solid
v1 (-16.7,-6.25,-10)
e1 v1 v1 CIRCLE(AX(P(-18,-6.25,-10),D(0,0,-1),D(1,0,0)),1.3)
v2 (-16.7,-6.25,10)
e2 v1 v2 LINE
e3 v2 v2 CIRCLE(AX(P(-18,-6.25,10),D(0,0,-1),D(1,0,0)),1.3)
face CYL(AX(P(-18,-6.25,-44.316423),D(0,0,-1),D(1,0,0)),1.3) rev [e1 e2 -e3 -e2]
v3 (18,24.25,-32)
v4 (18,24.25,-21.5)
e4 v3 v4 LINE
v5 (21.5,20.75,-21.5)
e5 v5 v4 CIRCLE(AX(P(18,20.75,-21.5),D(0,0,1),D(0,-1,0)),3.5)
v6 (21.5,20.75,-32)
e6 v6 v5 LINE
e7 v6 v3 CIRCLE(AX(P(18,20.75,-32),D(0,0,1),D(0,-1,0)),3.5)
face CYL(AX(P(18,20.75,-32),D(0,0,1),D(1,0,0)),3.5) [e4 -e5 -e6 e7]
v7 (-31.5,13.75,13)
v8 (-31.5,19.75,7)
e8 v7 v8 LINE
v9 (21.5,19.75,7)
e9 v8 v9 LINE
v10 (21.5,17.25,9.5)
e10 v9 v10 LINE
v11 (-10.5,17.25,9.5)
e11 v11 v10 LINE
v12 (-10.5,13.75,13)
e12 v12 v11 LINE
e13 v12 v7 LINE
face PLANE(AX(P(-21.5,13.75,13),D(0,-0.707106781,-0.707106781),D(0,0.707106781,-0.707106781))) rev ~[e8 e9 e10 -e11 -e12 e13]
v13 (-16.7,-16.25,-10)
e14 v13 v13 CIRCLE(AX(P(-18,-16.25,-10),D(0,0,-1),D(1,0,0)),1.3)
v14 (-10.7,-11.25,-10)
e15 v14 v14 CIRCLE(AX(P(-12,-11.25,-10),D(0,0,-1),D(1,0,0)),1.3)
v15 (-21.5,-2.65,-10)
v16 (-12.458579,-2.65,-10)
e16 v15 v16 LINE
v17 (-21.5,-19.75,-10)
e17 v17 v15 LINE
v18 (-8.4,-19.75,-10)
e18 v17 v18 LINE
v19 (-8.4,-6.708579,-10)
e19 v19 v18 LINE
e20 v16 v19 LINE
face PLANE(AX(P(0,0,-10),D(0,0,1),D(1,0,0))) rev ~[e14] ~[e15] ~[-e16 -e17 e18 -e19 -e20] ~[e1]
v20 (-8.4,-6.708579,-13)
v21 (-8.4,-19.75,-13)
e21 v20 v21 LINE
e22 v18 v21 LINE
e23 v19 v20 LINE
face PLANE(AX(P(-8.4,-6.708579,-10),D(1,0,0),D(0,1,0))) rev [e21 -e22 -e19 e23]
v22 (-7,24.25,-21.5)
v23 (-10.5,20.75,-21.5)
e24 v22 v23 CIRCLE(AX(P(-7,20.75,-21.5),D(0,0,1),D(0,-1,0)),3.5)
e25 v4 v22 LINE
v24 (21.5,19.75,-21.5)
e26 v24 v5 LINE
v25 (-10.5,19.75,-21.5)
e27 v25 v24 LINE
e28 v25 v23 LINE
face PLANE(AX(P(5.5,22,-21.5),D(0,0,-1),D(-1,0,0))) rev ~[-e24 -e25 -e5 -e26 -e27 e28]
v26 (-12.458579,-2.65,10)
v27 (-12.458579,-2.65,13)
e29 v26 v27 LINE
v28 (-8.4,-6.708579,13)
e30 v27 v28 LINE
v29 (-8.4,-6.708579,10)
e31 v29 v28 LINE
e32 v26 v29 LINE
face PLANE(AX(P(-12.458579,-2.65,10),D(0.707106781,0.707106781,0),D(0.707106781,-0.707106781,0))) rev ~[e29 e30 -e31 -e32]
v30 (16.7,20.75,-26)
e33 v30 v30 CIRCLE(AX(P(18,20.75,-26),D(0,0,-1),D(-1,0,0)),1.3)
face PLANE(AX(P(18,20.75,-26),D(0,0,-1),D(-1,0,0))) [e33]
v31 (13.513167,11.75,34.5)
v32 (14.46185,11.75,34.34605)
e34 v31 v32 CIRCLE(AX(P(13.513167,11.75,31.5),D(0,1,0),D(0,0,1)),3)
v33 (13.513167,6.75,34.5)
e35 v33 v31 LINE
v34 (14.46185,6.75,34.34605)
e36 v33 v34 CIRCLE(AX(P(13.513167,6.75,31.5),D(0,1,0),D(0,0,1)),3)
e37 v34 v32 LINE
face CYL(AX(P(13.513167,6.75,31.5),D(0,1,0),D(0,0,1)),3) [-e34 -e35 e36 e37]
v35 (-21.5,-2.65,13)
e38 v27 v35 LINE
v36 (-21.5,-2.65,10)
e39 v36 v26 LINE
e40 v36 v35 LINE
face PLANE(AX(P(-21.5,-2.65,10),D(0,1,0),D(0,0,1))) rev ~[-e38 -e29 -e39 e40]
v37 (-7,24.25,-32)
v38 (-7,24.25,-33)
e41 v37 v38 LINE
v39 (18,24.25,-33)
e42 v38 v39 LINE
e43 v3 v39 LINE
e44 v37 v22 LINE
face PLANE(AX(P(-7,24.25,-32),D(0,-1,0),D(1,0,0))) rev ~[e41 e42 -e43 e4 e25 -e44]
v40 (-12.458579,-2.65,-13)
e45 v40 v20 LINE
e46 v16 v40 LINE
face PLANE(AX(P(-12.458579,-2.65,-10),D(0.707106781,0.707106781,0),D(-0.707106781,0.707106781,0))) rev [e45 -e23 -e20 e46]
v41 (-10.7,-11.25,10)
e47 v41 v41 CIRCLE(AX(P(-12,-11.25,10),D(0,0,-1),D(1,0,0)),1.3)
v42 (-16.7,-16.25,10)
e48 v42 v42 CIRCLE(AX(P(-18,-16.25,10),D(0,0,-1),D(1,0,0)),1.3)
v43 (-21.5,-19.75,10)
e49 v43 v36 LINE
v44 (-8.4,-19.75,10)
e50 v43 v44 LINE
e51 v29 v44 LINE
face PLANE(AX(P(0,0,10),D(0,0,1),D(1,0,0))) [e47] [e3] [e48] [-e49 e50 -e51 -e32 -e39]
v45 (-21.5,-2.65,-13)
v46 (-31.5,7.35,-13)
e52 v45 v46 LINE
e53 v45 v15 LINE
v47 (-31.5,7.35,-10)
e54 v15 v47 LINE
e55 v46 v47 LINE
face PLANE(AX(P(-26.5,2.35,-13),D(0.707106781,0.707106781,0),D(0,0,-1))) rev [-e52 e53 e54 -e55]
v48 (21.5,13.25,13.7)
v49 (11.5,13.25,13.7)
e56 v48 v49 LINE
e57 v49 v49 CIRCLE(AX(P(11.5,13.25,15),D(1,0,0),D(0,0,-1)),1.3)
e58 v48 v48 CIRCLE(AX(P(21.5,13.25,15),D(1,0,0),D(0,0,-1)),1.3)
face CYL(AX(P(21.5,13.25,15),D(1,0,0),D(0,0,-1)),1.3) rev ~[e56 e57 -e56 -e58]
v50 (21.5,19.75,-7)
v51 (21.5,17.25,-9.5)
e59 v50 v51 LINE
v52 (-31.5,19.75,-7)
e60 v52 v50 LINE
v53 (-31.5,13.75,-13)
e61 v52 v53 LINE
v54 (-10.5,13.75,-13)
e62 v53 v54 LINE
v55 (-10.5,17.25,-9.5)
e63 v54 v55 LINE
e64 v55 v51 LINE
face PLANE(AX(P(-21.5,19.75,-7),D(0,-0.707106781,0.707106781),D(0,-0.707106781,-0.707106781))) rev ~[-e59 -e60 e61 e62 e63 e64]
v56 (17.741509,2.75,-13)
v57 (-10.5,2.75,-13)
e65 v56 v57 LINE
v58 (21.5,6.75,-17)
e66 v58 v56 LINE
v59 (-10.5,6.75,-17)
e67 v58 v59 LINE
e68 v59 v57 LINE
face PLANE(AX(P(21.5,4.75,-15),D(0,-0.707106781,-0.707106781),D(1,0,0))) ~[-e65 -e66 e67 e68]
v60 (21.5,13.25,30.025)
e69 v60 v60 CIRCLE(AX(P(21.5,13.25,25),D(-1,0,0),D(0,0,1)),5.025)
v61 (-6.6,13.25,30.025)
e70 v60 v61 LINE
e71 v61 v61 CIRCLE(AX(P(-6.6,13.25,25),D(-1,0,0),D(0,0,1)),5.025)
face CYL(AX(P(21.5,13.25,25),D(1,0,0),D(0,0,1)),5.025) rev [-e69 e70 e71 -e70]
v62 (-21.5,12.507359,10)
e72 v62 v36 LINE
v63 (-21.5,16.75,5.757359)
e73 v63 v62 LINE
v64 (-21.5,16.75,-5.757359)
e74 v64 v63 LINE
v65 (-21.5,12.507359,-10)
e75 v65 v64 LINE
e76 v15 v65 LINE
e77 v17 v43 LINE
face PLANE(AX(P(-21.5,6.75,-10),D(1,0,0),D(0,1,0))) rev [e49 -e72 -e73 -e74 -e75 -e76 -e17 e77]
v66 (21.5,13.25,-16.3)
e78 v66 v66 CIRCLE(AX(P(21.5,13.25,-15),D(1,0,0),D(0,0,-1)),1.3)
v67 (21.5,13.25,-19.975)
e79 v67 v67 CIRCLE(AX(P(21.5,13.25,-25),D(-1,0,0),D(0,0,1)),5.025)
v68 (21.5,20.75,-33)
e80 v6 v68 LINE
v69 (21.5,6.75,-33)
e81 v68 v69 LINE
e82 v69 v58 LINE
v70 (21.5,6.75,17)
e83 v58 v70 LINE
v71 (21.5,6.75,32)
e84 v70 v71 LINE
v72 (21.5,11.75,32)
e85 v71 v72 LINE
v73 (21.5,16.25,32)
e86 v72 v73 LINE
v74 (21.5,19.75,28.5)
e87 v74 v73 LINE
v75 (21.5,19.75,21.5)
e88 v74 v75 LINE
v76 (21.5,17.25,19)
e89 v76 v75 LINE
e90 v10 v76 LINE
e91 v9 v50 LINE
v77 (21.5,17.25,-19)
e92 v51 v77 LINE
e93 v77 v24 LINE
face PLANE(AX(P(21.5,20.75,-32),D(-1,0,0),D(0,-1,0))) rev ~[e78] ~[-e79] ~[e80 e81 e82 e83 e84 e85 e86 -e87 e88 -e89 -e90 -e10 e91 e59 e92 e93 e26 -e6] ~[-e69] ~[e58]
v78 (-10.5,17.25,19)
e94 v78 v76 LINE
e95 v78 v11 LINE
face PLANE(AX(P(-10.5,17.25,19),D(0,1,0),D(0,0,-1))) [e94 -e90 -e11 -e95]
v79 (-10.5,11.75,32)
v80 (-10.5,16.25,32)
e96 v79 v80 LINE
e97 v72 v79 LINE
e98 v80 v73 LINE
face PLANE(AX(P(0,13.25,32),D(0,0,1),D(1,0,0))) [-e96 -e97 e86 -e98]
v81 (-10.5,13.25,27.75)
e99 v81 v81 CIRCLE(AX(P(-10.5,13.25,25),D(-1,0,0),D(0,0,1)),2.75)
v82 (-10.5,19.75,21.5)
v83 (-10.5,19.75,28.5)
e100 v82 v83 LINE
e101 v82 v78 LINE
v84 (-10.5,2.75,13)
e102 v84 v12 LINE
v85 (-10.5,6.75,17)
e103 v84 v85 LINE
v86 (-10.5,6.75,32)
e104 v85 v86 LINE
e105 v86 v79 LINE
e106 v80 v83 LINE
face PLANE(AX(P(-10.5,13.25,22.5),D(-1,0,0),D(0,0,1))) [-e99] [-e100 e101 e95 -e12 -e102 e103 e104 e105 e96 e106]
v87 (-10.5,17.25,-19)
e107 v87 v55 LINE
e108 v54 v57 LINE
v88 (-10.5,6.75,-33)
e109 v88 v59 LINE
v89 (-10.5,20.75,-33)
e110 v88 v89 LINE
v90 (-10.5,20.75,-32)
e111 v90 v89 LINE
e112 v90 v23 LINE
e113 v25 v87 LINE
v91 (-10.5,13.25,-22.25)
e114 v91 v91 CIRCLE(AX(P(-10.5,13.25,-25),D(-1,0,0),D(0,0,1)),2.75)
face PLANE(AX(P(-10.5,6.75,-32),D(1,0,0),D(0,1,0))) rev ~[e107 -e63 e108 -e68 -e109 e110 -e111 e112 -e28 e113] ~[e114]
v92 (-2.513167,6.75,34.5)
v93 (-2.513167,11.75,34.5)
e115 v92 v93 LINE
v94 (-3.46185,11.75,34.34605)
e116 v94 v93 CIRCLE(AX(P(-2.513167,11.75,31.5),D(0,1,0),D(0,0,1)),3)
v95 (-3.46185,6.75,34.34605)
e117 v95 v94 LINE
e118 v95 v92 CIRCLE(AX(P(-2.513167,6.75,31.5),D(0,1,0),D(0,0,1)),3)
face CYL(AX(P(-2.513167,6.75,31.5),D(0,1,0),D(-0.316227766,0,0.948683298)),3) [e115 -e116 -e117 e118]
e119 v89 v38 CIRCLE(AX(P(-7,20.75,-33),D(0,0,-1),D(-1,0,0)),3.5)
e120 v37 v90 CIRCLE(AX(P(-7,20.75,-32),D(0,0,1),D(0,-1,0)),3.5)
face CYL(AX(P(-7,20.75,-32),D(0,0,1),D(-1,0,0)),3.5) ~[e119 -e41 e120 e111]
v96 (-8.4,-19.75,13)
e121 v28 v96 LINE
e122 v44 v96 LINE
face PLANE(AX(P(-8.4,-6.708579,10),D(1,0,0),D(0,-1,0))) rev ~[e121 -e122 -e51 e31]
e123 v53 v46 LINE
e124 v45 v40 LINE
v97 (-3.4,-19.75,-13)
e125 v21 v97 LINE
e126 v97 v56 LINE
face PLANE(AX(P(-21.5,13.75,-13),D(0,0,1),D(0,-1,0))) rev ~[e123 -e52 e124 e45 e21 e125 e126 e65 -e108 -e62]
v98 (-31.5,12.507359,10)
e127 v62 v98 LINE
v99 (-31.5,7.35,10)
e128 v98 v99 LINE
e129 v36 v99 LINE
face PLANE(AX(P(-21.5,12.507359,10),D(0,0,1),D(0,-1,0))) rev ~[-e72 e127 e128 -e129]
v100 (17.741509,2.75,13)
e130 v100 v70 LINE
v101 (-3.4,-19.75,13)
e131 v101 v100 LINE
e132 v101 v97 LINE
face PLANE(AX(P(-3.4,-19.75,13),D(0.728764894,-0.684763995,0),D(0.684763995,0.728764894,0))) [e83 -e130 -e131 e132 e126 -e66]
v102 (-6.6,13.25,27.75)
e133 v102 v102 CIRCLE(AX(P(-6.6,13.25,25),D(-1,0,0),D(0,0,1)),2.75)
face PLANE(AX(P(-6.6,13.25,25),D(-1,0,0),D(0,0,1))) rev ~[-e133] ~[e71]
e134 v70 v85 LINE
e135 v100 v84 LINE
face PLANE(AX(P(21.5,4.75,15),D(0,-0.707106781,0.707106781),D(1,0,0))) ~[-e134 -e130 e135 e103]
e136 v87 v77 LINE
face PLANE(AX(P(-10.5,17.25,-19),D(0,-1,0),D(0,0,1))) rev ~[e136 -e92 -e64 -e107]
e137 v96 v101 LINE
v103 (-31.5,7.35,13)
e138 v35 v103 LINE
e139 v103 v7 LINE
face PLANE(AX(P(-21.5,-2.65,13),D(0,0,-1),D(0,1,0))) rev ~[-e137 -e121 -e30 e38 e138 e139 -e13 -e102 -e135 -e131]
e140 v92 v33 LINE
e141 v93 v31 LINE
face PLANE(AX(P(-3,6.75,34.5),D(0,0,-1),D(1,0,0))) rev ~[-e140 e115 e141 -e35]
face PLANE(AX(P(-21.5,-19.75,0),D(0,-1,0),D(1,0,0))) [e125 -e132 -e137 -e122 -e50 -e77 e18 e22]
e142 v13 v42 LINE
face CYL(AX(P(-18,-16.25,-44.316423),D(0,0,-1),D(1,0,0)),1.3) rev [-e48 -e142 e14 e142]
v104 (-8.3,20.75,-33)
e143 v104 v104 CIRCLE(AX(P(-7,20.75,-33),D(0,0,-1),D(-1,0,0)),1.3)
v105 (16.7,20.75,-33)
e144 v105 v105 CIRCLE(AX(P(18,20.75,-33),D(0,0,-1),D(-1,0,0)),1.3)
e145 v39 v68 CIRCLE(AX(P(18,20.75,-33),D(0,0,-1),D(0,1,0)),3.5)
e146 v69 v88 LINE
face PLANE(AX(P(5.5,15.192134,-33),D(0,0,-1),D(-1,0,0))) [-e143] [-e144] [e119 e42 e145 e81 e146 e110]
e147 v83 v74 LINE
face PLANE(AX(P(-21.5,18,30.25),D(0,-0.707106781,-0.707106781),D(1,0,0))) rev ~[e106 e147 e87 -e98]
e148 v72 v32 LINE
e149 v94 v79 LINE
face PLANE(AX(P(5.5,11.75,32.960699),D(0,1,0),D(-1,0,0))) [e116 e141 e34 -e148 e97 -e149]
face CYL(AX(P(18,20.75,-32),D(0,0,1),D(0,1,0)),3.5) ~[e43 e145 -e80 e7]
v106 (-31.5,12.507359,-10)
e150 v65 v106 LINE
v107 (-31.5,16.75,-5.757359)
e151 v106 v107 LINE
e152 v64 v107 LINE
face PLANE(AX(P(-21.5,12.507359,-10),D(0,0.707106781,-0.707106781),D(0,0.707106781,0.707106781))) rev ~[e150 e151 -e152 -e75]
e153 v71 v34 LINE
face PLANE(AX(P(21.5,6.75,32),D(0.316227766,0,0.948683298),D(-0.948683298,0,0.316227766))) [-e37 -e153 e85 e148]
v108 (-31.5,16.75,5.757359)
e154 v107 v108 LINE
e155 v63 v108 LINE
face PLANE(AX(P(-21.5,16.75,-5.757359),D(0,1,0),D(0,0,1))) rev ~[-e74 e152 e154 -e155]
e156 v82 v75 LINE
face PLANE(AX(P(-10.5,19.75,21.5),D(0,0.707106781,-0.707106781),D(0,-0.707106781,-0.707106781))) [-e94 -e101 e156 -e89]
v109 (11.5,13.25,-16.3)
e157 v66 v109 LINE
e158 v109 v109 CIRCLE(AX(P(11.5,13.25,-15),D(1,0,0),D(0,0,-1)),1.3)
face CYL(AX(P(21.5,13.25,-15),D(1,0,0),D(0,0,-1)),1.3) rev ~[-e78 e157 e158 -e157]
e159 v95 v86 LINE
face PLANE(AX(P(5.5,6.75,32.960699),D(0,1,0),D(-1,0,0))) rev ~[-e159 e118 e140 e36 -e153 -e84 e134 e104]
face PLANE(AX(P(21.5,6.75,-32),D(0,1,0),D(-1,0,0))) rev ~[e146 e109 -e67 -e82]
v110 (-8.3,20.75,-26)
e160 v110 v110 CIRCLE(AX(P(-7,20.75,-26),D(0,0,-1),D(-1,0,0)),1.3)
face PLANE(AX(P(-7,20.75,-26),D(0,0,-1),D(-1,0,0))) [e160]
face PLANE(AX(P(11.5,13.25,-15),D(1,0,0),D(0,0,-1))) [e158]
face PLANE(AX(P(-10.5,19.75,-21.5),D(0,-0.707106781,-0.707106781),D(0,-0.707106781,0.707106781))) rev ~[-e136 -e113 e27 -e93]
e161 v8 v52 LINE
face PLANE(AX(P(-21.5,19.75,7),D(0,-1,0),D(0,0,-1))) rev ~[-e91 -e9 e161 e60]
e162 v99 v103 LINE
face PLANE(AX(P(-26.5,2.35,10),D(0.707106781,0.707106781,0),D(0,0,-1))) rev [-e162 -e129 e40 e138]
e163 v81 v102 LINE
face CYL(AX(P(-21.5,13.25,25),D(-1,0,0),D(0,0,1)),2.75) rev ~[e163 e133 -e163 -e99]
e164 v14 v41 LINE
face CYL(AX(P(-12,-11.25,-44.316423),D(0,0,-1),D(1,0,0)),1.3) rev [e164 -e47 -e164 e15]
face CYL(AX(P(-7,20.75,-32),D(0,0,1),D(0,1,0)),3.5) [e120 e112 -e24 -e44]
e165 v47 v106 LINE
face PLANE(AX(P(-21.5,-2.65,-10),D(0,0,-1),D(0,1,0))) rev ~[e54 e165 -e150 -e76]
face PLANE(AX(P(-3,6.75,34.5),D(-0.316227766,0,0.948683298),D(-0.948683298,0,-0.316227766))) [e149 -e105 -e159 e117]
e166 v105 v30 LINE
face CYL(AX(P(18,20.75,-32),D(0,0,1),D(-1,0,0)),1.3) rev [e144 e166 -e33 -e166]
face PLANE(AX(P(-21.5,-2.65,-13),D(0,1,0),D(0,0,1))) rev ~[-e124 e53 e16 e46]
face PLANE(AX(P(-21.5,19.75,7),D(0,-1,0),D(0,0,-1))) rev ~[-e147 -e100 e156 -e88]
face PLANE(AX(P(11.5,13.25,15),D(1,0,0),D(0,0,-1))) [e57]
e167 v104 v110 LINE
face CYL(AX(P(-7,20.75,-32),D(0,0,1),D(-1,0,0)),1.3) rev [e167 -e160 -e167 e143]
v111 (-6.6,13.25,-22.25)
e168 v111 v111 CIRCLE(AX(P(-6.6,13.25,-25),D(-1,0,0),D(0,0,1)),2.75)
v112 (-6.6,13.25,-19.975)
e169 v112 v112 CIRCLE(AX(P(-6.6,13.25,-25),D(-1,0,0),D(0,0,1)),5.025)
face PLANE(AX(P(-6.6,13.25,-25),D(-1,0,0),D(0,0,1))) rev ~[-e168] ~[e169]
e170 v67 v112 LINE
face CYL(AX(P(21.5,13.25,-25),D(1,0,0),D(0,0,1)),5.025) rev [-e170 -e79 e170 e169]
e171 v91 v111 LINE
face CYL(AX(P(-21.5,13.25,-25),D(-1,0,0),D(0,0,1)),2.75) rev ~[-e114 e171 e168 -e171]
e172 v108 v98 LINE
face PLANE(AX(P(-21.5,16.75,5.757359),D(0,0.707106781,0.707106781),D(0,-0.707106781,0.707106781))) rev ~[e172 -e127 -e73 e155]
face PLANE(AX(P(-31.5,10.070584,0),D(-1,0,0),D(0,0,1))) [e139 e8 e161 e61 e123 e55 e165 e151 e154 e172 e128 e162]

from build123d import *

# Parameters (mm, degrees)
SKETCH_1_W               = 43
SKETCH_1_H               = 39.5
EXTRUDE_1_DEPTH          = 10
SKETCH_2_W               = 43
SKETCH_2_H               = 13
EXTRUDE_2_DEPTH          = 32
SKETCH_3_R               = 2.75
CUT_EXTRUDE_4_DEPTH      = 58.123222073
CHAMFER_1_SIZE           = 3.5
CUT_EXTRUDE_3_DEPTH      = 44.316422983
CUT_EXTRUDE_3_DEPTH_BACK = 44.316422983
SKETCH_6_R               = 1.3
EXTRUDE_3_DEPTH          = 3
SKETCH_9_W               = 19
SKETCH_9_H               = 13
CUT_EXTRUDE_6_DEPTH      = 11
CUT_EXTRUDE_7_DEPTH      = 54.640586313
CHAMFER_2_SIZE           = 6
CUT_EXTRUDE_START        = -32
SKETCH_12_R              = 5.025
CUT_EXTRUDE_10_DEPTH     = 28.1
EXTRUDE_4_DEPTH          = 10
CHAMFER_5_SIZE           = 10
CUT_EXTRUDE_11_DEPTH     = 50.376740476
CHAMFER_7_SIZE           = 4
SKETCH_15_R              = 1.3
CUT_EXTRUDE_12_DEPTH     = 10
SKETCH_21_W              = 32
SKETCH_21_H              = 4.5
EXTRUDE_7_DEPTH          = 10.5
SKETCH_21_3_R            = 1.3
CUT_EXTRUDE_15_DEPTH     = 6
FILLET_2_R               = 3.5
SKETCH_22_R              = 1.3
EXTRUDE_8_DEPTH          = 1
EXTRUDE_9_DEPTH          = 5
FILLET_3_R               = 3


with BuildPart() as part:
    # 草图1 → 凸台-拉伸1 (new, symmetric)
    with BuildSketch(Plane.XY):
        Rectangle(SKETCH_1_W, SKETCH_1_H)
    extrude(amount=EXTRUDE_1_DEPTH, both=True)

    # 草图2 → 凸台-拉伸2 (add, symmetric)
    with BuildSketch(Plane.XY):
        with Locations((0, 13.25)):
            Rectangle(SKETCH_2_W, SKETCH_2_H)
    extrude(amount=EXTRUDE_2_DEPTH, both=True)

    # 草图3 → 切除-拉伸4 (cut, through all)
    with BuildSketch(Plane.ZY.offset(21.5)):
        with Locations((-25, 13.25)):
            Circle(SKETCH_3_R)
        with Locations((25, 13.25)):
            Circle(SKETCH_3_R)
    extrude(amount=-CUT_EXTRUDE_4_DEPTH, mode=Mode.SUBTRACT)

    # 倒角1
    chamfer_1_edges = [part.edges().sort_by_distance(p)[0] for p in [
        (0, 19.75, 32),
    ]]
    chamfer(chamfer_1_edges, length=CHAMFER_1_SIZE)

    # 草图6 → 切除-拉伸3 (cut, two sides: drawn at the far end of the back side and taken through both)
    with BuildSketch(Plane.XY.offset(-CUT_EXTRUDE_3_DEPTH_BACK)):
        with Locations((-18, -6.25)):
            Circle(SKETCH_6_R)
        with Locations((-18, -16.25)):
            Circle(SKETCH_6_R)
        with Locations((-12, -11.25)):
            Circle(SKETCH_6_R)
    extrude(amount=CUT_EXTRUDE_3_DEPTH + CUT_EXTRUDE_3_DEPTH_BACK, mode=Mode.SUBTRACT)

    # 草图7 → 凸台-拉伸3 (add)
    with BuildSketch(Plane.XY.offset(10)):
        Polygon((-21.5, -2.65), (-12.458578644, -2.65), (-8.4, -6.708578644), (-8.4, -19.75), (21.5, -19.75), (21.5, 6.75), (-21.5, 6.75), align=None)
    extrude_3 = extrude(amount=EXTRUDE_3_DEPTH)

    # 镜向3: 凸台-拉伸3 across plane
    add(extrude_3.mirror(Plane.XY))

    # 草图9 → 切除-拉伸6 (cut)
    with BuildSketch(Plane.ZY.offset(21.5)):
        with Locations((-22.5, 13.25)):
            Rectangle(SKETCH_9_W, SKETCH_9_H)
        with Locations((22.5, 13.25)):
            Rectangle(SKETCH_9_W, SKETCH_9_H)
    extrude(amount=-CUT_EXTRUDE_6_DEPTH, mode=Mode.SUBTRACT)

    # 草图10 → 切除-拉伸7 (cut, through all)
    with BuildSketch(Plane.XY.offset(13)):
        Polygon((-3.4, -19.75), (21.5, 6.75), (21.5, -19.75), align=None)
    extrude(amount=-CUT_EXTRUDE_7_DEPTH, mode=Mode.SUBTRACT)

    # 倒角2
    chamfer_2_edges = [part.edges().sort_by_distance(p)[0] for p in [
        (-16, 19.75, -13),
        (-16, 19.75, 13),
    ]]
    chamfer(chamfer_2_edges, length=CHAMFER_2_SIZE)

    # 草图12 → 切除-拉伸10 (cut)
    with BuildSketch(Plane.ZY.offset(10.5).offset(CUT_EXTRUDE_START)):
        with Locations((25, 13.25)):
            Circle(SKETCH_12_R)
        with Locations((-25, 13.25)):
            Circle(SKETCH_12_R)
    extrude(amount=CUT_EXTRUDE_10_DEPTH, mode=Mode.SUBTRACT)

    # 草图13 → 凸台-拉伸4 (add)
    with BuildSketch(Plane.ZY.offset(21.5)):
        Polygon((-13, -2.65), (-10, -2.65), (-10, 12.507359313), (-5.757359313, 16.75), (5.757359313, 16.75), (10, 12.507359313), (10, -2.65), (13, -2.65), (13, 13.75), (7, 19.75), (-7, 19.75), (-13, 13.75), align=None)
    extrude(amount=EXTRUDE_4_DEPTH)

    # 倒角5
    chamfer_5_edges = [part.edges().sort_by_distance(p)[0] for p in [
        (-31.5, -2.65, 11.5),
        (-31.5, -2.65, -11.5),
    ]]
    chamfer(chamfer_5_edges, length=CHAMFER_5_SIZE)

    # 草图14 → 切除-拉伸11 (cut, through all)
    with BuildSketch(Plane.ZY.offset(10.5)):
        Polygon((-21.5, 19.75), (-19, 17.25), (-9.5, 17.25), (-7, 19.75), align=None)
        Polygon((9.5, 17.25), (7, 19.75), (21.5, 19.75), (19, 17.25), align=None)
    extrude(amount=-CUT_EXTRUDE_11_DEPTH, mode=Mode.SUBTRACT)

    # 倒角7
    chamfer_7_edges = [part.edges().sort_by_distance(p)[0] for p in [
        (5.5, 6.75, 13),
        (5.5, 6.75, -13),
    ]]
    chamfer(chamfer_7_edges, length=CHAMFER_7_SIZE)

    # 草图15 → 切除-拉伸12 (cut)
    with BuildSketch(Plane(origin=(21.5, 0, 0), x_dir=(0, 0, -1), z_dir=(1, 0, 0))):
        with Locations((-15, 13.25)):
            Circle(SKETCH_15_R)
        with Locations((15, 13.25)):
            Circle(SKETCH_15_R)
    extrude(amount=-CUT_EXTRUDE_12_DEPTH, mode=Mode.SUBTRACT)

    # 草图21 → 凸台-拉伸7 (add)
    with BuildSketch(Plane(origin=(0, 0, -32), x_dir=(-1, 0, 0), z_dir=(0, 0, -1))):
        with Locations((-5.5, 22)):
            Rectangle(SKETCH_21_W, SKETCH_21_H)
    extrude(amount=-EXTRUDE_7_DEPTH)

    # 草图21<3> → 切除-拉伸15 (cut)
    with BuildSketch(Plane(origin=(0, 0, -32), x_dir=(-1, 0, 0), z_dir=(0, 0, -1))):
        with Locations((7, 20.75)):
            Circle(SKETCH_21_3_R)
        with Locations((-18, 20.75)):
            Circle(SKETCH_21_3_R)
    extrude(amount=-CUT_EXTRUDE_15_DEPTH, mode=Mode.SUBTRACT)

    # 圆角2
    fillet_2_edges = [part.edges().sort_by_distance(p)[0] for p in [
        (21.5, 24.25, -26.75),
        (-10.5, 24.25, -26.75),
    ]]
    fillet(fillet_2_edges, radius=FILLET_2_R)

    # 草图22 → 凸台-拉伸8 (add)
    with BuildSketch(Plane(origin=(0, 0, -32), x_dir=(-1, 0, 0), z_dir=(0, 0, -1))):
        with BuildLine():
            Line((10.5, 6.75), (10.5, 20.75))
            ThreePointArc((10.5, 20.75), (9.474873734, 23.224873734), (7, 24.25))
            Line((7, 24.25), (-18, 24.25))
            ThreePointArc((-18, 24.25), (-20.474873734, 23.224873734), (-21.5, 20.75))
            Line((-21.5, 20.75), (-21.5, 6.75))
            Line((-21.5, 6.75), (10.5, 6.75))
        make_face()
        with Locations((7, 20.75)):
            Circle(SKETCH_22_R, mode=Mode.SUBTRACT)
        with Locations((-18, 20.75)):
            Circle(SKETCH_22_R, mode=Mode.SUBTRACT)
    extrude(amount=EXTRUDE_8_DEPTH)

    # 草图24 → 凸台-拉伸9 (add)
    with BuildSketch(Plane.XZ.offset(-6.75)):
        Polygon((-10.5, 32), (-4.5, 34), (-3, 34.5), (14, 34.5), (15.5, 34), (21.5, 32), align=None)
    extrude(amount=-EXTRUDE_9_DEPTH)

    # 圆角3
    fillet_3_edges = [part.edges().sort_by_distance(p)[0] for p in [
        (-3, 9.25, 34.5),
        (14, 9.25, 34.5),
    ]]
    fillet(fillet_3_edges, radius=FILLET_3_R)


solid = part.part
